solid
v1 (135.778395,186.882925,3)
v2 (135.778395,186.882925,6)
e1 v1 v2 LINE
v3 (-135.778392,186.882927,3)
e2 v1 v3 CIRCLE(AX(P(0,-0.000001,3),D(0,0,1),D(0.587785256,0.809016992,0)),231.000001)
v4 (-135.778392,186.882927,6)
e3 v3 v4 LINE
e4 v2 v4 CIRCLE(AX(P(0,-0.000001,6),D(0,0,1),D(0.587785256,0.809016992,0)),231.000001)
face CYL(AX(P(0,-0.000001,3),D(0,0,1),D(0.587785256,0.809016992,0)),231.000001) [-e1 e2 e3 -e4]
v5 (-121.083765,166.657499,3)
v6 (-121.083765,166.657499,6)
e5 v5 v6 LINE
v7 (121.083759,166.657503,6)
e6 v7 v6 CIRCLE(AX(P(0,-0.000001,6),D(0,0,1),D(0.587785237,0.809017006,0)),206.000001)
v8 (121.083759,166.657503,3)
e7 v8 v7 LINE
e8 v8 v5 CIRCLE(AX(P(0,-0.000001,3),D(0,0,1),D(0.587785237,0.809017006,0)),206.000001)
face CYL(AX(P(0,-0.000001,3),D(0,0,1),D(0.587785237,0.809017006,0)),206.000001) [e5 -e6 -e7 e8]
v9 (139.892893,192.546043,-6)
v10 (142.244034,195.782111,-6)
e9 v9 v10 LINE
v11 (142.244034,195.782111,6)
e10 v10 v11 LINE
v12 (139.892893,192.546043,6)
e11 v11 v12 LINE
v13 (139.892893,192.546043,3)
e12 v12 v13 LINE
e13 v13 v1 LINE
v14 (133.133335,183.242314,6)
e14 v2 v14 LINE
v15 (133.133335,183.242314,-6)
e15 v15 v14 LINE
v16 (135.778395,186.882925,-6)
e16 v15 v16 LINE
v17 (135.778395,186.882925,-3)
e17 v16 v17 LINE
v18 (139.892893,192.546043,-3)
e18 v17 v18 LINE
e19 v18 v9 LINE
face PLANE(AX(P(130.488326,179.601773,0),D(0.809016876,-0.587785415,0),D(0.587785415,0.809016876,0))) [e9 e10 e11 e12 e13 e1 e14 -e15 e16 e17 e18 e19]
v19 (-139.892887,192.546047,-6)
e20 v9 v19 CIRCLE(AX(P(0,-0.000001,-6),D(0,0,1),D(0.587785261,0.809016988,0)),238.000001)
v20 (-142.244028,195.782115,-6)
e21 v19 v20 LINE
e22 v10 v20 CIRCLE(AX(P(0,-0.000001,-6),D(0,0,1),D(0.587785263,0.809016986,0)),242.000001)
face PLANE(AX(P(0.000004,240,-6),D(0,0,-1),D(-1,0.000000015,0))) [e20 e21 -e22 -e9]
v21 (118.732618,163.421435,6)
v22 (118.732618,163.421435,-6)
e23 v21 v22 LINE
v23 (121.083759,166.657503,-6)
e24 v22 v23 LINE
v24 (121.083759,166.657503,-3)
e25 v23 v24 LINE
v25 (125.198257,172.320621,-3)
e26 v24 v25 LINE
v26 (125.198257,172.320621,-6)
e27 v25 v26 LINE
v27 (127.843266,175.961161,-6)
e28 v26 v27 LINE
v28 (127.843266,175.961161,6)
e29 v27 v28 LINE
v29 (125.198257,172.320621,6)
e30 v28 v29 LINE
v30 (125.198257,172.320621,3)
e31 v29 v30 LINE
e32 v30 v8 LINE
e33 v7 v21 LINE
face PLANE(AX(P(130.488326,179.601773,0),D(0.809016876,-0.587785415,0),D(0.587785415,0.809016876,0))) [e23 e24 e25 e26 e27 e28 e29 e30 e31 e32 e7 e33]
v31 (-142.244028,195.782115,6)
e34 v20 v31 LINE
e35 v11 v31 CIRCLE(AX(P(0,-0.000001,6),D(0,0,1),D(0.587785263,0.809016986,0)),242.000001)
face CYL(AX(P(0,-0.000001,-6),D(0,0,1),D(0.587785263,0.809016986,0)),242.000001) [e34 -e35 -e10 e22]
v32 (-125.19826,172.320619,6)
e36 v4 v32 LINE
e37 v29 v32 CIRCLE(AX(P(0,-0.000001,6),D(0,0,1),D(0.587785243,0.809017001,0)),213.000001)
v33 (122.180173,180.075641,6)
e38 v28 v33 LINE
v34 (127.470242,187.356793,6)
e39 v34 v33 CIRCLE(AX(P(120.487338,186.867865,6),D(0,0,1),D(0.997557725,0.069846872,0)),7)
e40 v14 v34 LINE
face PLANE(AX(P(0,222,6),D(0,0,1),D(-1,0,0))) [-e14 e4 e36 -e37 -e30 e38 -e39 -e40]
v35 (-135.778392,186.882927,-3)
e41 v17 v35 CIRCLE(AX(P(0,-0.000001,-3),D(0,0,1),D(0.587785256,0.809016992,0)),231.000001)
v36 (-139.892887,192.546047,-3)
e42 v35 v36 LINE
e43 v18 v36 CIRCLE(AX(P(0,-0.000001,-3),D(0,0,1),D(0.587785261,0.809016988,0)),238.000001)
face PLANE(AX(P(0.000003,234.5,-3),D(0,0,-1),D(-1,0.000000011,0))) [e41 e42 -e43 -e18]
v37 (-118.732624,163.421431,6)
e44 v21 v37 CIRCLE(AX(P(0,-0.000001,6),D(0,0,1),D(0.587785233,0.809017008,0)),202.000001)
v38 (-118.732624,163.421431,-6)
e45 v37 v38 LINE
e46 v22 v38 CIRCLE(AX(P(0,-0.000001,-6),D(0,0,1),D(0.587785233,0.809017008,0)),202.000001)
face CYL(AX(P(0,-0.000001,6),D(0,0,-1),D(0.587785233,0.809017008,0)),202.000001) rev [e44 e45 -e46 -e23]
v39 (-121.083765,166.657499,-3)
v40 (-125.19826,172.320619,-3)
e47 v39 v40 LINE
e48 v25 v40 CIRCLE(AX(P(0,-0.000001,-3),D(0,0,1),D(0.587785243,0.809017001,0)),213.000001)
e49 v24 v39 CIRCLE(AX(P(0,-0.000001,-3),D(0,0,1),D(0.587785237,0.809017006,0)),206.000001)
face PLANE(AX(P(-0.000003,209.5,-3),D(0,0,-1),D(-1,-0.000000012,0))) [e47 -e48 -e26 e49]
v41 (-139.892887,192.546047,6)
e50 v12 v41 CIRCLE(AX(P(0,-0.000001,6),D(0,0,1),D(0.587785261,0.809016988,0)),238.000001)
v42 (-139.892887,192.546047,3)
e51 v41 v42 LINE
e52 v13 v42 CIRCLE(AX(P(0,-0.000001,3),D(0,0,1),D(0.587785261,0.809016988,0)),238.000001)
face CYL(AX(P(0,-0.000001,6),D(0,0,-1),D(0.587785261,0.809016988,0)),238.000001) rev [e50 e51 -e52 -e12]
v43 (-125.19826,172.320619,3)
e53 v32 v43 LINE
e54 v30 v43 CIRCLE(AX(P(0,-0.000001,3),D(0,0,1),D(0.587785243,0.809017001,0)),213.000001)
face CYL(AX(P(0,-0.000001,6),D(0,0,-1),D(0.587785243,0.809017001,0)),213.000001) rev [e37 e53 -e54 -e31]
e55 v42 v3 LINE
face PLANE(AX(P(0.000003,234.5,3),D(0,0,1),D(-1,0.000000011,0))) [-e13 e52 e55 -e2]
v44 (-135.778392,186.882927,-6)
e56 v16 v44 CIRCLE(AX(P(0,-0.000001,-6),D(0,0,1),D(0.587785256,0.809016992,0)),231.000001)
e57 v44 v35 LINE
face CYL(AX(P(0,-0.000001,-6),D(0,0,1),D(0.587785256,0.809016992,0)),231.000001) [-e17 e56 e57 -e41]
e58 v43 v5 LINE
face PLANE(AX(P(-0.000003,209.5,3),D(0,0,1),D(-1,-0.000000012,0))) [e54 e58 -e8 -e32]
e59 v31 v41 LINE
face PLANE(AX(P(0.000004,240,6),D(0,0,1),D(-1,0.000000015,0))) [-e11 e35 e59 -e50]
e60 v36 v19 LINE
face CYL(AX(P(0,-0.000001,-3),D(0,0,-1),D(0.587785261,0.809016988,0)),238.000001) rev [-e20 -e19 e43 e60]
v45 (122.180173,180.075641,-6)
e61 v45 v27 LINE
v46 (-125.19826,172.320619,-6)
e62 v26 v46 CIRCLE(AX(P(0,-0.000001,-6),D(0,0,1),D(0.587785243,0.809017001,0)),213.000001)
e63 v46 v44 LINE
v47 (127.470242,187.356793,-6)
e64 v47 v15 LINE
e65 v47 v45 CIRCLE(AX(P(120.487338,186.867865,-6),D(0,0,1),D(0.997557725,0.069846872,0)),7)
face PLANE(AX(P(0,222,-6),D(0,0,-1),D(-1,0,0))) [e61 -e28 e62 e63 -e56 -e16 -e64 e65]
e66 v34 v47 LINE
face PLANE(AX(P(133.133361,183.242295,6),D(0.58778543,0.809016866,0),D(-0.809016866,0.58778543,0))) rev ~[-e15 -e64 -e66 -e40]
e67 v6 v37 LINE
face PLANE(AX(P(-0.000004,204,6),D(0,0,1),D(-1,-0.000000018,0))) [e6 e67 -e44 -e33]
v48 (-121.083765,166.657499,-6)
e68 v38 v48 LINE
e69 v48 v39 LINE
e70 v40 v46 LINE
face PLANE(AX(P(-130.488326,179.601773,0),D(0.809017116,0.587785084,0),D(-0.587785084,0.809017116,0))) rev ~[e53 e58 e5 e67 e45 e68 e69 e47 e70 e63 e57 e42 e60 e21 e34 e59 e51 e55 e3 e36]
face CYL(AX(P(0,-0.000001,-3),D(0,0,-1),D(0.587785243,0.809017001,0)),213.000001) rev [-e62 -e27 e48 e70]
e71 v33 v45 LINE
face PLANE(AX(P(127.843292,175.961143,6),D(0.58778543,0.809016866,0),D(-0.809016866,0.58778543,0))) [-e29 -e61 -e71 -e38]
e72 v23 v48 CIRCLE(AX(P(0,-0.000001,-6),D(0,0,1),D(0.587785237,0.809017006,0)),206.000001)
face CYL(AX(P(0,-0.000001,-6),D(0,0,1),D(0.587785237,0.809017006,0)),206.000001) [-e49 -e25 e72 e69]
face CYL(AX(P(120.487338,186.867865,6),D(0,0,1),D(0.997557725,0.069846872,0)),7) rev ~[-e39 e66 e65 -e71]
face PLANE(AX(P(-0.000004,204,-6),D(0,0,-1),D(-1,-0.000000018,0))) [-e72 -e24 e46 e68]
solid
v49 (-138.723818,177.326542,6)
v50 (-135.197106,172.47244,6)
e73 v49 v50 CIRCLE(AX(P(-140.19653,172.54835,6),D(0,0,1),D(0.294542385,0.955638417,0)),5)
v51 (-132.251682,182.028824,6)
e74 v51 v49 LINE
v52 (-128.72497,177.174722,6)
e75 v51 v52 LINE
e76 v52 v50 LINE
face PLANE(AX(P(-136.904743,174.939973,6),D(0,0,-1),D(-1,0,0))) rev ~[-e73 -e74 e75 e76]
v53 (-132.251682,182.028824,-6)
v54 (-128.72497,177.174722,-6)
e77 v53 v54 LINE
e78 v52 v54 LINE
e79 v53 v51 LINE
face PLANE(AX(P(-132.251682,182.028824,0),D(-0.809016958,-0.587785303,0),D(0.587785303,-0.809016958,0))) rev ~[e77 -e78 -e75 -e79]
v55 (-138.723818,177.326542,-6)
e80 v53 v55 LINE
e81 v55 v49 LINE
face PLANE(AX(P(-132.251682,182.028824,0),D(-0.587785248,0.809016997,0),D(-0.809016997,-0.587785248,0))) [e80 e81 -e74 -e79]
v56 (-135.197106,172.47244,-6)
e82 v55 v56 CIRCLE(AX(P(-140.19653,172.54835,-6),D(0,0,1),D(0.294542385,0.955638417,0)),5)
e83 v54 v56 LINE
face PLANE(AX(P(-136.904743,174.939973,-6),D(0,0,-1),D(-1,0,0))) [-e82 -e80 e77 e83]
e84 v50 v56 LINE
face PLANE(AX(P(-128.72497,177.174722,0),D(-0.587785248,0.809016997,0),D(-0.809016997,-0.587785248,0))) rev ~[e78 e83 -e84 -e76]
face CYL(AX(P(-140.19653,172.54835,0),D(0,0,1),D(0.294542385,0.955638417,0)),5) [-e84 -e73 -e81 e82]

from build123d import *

# Parameters (mm, degrees)
POCKET_DEPTH = 12.001
PAD_DEPTH    = 6


with BuildPart() as body:
    # AdditivePipe: sweep along a path in Sketch
    with BuildLine(Plane.XY) as additivepipe_path:
        ThreePointArc((130.488326, 179.601773), (0, 222), (-130.488326, 179.601773))
    # Sketch002 (on DatumPlane) → AdditivePipe (sweep)
    with BuildSketch(Plane(origin=(-130.488326, 179.601773, 0), x_dir=(-0.587785, 0.809017, 0), z_dir=(0.809017, 0.587785, 0))):
        Polygon((-20, 6), (-20, -6), (-16, -6), (-16, -3), (-9, -3), (-9, -6), (9, -6), (9, -3), (16, -3), (16, -6), (20, -6), (20, 6), (16, 6), (16, 3), (9, 3), (9, 6), (-9, 6), (-9, 3), (-16, 3), (-16, 6), align=None)
    sweep(path=additivepipe_path.line)

    # Sketch004 (on Face18 of AdditivePipe) → Pocket (cut, through all)
    with BuildSketch(Plane(origin=(-130.488326, 179.601773, 6), x_dir=(0.587785, -0.809017, 0), z_dir=(0, 0, 1))):
        with BuildLine():
            Line((152.007651, 215.414301), (145.350255, 213.251182))
            ThreePointArc((145.350255, 213.251182), (134.983964, 205.15139), (148.131408, 204.691673))
            Line((154.788804, 206.854792), (148.131408, 204.691673))
            Line((152.007651, 215.414301), (154.788804, 206.854792))
        make_face()
    extrude(amount=-POCKET_DEPTH, mode=Mode.SUBTRACT)


with BuildPart() as body001:
    # Sketch005 → Pad (new body, symmetric)
    with BuildSketch(Plane.XY):
        with BuildLine():
            Line((-132.251682, 182.028824), (-128.72497, 177.174722))
            Line((-128.72497, 177.174722), (-135.197106, 172.47244))
            ThreePointArc((-138.723818, 177.326542), (-144.241615, 169.609423), (-135.197106, 172.47244))
            Line((-132.251682, 182.028824), (-138.723818, 177.326542))
        make_face()
    extrude(amount=PAD_DEPTH, both=True)


solid = Compound([body.part, body001.part])
